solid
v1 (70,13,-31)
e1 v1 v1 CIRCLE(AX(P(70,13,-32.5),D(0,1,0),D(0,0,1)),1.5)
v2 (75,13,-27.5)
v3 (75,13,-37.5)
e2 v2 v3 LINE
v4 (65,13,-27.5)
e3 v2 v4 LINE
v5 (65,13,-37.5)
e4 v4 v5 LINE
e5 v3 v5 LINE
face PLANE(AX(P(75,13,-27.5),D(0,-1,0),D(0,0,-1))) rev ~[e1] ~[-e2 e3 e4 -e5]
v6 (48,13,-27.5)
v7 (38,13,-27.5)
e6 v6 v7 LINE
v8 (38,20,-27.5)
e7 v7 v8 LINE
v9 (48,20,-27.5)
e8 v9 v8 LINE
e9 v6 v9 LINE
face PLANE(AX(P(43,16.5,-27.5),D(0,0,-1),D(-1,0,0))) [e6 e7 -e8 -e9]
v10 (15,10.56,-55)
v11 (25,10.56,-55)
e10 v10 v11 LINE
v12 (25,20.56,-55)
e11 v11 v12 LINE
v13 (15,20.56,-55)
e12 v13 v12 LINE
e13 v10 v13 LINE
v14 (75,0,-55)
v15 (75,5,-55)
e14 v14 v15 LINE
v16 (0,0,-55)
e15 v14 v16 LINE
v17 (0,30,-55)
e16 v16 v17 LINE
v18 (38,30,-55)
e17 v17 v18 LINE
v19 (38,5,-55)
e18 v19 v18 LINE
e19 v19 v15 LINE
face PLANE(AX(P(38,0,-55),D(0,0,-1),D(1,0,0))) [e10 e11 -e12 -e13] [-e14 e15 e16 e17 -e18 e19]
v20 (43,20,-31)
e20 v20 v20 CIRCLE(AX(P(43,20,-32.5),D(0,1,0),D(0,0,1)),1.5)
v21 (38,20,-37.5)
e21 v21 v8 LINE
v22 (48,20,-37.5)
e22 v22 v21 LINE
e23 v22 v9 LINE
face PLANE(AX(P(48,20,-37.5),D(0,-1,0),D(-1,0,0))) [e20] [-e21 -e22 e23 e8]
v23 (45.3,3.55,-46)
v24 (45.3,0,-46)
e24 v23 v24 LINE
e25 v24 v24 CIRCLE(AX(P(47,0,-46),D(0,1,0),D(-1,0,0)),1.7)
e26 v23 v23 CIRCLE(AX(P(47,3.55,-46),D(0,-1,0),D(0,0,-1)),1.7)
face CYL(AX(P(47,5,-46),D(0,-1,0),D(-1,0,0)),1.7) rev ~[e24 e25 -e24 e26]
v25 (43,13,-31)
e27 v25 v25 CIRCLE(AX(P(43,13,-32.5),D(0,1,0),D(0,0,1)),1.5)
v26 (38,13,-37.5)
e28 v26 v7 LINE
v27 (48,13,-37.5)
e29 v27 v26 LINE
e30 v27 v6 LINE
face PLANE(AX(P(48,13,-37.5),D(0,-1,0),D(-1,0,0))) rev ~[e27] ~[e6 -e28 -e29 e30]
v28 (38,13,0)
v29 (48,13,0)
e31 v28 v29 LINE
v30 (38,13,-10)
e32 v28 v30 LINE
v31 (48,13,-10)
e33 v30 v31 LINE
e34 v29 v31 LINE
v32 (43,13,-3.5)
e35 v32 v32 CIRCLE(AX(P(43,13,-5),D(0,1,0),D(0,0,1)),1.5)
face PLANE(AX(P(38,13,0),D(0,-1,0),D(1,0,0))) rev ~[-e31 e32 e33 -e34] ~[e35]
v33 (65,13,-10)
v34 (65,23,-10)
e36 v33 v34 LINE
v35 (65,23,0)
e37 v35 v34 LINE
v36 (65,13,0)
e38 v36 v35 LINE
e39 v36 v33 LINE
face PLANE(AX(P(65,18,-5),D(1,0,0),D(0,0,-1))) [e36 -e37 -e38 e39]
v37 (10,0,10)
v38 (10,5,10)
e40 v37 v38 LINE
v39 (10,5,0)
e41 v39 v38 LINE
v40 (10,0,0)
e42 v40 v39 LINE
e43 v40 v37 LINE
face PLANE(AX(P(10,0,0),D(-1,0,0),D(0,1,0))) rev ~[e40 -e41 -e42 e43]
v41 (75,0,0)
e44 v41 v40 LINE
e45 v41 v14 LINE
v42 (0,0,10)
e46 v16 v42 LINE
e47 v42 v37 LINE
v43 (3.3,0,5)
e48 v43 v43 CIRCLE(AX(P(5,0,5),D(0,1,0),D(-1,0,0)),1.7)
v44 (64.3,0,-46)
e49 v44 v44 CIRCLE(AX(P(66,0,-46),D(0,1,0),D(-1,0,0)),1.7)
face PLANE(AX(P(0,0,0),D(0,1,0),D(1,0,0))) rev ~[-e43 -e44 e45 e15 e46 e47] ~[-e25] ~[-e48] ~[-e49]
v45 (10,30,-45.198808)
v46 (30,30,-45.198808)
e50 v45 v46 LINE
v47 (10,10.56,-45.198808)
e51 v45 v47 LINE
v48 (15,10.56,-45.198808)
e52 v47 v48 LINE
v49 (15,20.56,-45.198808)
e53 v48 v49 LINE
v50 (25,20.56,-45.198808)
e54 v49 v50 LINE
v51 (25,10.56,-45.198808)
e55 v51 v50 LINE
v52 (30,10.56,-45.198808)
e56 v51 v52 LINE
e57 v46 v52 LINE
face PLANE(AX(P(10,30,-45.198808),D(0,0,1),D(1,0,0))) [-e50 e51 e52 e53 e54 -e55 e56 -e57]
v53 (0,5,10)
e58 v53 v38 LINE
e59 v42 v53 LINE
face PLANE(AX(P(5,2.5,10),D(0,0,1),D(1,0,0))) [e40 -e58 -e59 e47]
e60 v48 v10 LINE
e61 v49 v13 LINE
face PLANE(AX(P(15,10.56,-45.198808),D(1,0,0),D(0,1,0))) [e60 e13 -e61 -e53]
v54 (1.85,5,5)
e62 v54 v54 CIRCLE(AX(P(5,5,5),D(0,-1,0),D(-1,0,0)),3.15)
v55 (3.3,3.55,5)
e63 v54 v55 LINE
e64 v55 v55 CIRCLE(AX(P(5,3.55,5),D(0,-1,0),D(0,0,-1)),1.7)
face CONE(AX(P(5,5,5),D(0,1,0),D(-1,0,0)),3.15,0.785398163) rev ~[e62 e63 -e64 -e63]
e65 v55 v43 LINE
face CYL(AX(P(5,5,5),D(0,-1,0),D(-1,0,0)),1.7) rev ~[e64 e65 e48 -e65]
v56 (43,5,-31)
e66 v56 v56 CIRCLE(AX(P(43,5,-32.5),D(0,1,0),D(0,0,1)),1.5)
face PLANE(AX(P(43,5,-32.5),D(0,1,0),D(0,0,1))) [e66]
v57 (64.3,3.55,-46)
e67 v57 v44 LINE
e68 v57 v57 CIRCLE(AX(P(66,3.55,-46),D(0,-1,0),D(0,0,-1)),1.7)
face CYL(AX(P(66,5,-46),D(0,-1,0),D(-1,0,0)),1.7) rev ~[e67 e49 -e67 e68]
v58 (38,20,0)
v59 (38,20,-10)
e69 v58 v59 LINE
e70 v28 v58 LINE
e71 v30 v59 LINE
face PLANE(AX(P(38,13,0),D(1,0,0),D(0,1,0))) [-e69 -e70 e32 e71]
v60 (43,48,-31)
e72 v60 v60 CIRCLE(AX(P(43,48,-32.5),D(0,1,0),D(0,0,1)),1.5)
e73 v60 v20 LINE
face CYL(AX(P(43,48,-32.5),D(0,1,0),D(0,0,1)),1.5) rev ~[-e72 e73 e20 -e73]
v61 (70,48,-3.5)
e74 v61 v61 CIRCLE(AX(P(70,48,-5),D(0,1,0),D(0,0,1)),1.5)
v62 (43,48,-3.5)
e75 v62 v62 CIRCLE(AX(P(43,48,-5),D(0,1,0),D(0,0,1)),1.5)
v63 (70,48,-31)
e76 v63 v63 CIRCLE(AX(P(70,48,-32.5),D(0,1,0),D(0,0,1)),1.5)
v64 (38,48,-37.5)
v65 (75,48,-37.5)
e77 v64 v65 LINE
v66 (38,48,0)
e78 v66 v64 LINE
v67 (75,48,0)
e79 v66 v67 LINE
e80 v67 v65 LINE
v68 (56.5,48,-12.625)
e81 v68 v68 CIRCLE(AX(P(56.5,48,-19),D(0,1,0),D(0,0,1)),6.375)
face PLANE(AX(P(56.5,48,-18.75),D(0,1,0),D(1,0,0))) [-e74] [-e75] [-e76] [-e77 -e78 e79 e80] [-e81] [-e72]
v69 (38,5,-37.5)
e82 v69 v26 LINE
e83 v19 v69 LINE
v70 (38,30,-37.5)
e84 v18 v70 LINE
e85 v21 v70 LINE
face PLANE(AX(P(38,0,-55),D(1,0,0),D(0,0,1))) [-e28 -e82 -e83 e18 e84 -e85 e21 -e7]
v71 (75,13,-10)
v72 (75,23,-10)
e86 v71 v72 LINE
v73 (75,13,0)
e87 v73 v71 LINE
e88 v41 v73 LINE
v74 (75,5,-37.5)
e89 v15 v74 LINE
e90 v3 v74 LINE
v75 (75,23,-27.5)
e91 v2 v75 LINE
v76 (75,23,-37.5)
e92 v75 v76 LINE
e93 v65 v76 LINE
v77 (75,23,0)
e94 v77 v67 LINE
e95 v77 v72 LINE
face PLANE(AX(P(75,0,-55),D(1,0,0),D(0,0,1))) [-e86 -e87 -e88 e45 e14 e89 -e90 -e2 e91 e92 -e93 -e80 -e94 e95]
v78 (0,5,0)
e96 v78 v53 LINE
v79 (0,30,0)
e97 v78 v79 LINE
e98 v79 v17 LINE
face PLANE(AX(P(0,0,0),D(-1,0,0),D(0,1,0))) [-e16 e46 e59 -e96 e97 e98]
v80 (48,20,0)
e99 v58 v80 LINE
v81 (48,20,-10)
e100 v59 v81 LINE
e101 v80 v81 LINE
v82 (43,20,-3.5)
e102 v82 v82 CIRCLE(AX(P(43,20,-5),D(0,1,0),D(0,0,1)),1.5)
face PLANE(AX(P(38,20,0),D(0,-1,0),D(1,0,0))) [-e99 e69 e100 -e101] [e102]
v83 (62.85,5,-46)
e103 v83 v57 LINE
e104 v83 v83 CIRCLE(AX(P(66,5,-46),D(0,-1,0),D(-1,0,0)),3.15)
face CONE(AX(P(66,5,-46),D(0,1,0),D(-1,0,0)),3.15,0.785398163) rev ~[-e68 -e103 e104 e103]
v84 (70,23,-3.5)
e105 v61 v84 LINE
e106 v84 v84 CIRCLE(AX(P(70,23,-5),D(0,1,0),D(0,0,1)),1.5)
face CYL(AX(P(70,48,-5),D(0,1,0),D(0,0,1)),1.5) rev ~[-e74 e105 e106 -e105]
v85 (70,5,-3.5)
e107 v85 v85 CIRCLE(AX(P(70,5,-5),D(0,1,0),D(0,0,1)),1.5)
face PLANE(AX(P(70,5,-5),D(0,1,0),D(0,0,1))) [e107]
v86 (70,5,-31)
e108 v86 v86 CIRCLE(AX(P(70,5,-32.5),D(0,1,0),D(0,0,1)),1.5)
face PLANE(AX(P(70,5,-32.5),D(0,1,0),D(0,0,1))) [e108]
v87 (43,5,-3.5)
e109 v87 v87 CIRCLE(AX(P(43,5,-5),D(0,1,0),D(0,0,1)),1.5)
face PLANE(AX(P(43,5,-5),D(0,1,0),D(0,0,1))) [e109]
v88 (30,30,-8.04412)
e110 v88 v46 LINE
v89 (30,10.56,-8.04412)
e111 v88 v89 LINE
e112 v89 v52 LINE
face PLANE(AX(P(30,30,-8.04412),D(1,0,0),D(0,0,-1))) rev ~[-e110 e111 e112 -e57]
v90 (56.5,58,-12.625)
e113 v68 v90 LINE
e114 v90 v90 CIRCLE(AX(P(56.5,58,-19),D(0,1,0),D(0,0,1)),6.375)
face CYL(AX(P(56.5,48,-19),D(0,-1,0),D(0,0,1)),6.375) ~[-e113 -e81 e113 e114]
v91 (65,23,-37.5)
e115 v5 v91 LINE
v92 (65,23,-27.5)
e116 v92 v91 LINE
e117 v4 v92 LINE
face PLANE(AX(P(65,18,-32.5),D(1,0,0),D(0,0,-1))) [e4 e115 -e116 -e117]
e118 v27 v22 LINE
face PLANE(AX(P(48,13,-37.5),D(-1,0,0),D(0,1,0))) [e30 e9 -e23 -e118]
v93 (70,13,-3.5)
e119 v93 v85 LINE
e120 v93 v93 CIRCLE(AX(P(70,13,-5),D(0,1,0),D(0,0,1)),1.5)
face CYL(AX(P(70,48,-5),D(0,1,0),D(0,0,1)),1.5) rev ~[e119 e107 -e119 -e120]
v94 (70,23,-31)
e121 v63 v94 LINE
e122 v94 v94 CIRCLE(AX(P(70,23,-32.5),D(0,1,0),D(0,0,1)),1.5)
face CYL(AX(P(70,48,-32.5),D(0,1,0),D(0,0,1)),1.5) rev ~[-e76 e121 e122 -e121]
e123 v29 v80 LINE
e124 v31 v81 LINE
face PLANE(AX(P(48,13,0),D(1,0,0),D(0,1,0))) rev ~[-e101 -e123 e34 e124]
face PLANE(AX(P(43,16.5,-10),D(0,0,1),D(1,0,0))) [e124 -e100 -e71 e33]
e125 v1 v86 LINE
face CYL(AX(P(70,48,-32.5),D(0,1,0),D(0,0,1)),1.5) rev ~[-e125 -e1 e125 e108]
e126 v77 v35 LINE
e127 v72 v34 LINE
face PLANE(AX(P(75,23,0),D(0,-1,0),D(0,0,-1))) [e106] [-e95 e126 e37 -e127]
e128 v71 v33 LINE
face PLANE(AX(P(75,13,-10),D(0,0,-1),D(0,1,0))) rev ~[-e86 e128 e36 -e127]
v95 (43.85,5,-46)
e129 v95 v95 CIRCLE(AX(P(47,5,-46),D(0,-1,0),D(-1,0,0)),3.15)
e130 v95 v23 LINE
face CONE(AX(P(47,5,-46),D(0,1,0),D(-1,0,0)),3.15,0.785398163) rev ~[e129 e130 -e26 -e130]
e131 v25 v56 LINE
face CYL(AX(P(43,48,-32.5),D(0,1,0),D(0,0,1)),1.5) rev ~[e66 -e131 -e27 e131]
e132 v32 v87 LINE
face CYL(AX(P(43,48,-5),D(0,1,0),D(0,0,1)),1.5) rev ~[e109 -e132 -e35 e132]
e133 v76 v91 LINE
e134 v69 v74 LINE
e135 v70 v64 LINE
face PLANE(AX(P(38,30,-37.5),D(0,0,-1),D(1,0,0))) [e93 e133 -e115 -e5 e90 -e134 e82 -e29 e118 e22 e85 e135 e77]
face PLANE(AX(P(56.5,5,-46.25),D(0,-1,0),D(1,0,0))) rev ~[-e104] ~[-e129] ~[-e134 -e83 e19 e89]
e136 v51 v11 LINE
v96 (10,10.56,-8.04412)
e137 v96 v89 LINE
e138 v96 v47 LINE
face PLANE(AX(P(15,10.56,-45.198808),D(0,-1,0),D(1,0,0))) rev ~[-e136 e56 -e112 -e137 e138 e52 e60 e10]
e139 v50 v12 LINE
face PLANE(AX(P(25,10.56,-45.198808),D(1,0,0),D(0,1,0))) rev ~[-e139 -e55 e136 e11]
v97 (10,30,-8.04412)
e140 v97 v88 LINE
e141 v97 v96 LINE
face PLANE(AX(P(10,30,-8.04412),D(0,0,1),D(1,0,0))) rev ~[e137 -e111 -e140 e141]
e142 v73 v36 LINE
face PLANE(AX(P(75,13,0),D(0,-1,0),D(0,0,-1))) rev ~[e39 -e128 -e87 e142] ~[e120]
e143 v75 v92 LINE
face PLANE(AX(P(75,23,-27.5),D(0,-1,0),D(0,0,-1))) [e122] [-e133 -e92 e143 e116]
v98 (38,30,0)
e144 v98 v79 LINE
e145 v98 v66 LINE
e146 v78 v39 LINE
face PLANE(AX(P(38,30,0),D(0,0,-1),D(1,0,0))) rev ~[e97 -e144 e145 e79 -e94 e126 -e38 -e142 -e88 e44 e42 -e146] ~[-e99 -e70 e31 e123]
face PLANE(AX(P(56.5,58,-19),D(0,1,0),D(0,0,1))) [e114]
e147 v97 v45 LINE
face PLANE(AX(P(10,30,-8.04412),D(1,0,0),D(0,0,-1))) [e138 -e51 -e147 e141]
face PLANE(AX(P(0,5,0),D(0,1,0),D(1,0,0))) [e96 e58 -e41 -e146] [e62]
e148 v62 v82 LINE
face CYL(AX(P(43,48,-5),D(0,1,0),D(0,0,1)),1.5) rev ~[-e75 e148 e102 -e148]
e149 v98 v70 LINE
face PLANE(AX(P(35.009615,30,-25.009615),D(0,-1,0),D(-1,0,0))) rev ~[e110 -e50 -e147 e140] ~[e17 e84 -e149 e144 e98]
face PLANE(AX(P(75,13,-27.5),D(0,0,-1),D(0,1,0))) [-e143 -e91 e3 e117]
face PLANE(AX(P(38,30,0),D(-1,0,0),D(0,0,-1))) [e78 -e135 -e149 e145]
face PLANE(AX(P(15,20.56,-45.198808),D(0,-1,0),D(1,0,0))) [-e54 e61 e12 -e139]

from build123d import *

# Parameters (mm, degrees)
BOSS_EXTRU_1_DEPTH                                = 30
ESQUISSE6_W                                       = 37
ESQUISSE6_H                                       = 37.5
BOSS_EXTRU_4_DEPTH                                = 18
ESQUISSE7_R                                       = 6.375
BOSS_EXTRU_5_DEPTH                                = 10
ESQUISSE8_R                                       = 1.5
ENL_V_MAT_EXTRU_1_DEPTH                           = 43
ESQUISSE9_W                                       = 10
ESQUISSE9_H                                       = 10
ENL_V_MAT_EXTRU_2_DEPTH                           = 10
ESQUISSE10_W                                      = 10
ESQUISSE10_H                                      = 7
ENL_V_MAT_EXTRU_5_DEPTH                           = 10
ESQUISSE11_W                                      = 10
ESQUISSE11_H                                      = 7
ENL_V_MAT_EXTRU_6_DEPTH                           = 10
ESQUISSE12_W                                      = 20
ESQUISSE12_H                                      = 37.154688963
ENL_V_MAT_EXTRU_7_DEPTH                           = 19.44
ESQUISSE13_W                                      = 10
ESQUISSE13_H                                      = 10
ENL_V_MAT_EXTRU_8_DEPTH                           = 9.801191536
ESQUISSE14_W                                      = 37
ESQUISSE14_H                                      = 17.5
BOSS_EXTRU_6_DEPTH                                = 5
ESQUISSE20_W                                      = 10
ESQUISSE20_H                                      = 5
BOSS_EXTRU_8_DEPTH                                = 10
FRAISAGE_POUR_VIS_T_TE_FRAIS_E_BOMB_E_D           = 3.4
FRAISAGE_POUR_VIS_T_TE_FRAIS_E_BOMB_E_DEPTH       = 5
FRAISAGE_POUR_VIS_T_TE_FRAIS_E_BOMB_E_CSINK_D     = 6.3
FRAISAGE_POUR_VIS_T_TE_FRAIS_E_BOMB_E_CSINK_ANGLE = 90
FRAISAGE_POUR_VIS_T_TE_FRAIS_E_BOMB_E_TIP         = 1.021463052


with BuildPart() as part:
    # Esquisse3 → Boss.-Extru.1 (new body)
    with BuildSketch(Plane(origin=(0, 0, 0), x_dir=(1, 0, 0), z_dir=(0, 1, 0))):
        Polygon((0, 0), (0, 55), (38, 55), (38, 37.5), (75, 37.5), (75, 0), align=None)
    extrude(amount=BOSS_EXTRU_1_DEPTH)

    # Esquisse6 → Boss.-Extru.4 (add)
    with BuildSketch(Plane(origin=(0, 30, 0), x_dir=(1, 0, 0), z_dir=(0, 1, 0))):
        with Locations((56.5, 18.75)):
            Rectangle(ESQUISSE6_W, ESQUISSE6_H)
    extrude(amount=BOSS_EXTRU_4_DEPTH)

    # Esquisse7 → Boss.-Extru.5 (add)
    with BuildSketch(Plane(origin=(0, 48, 0), x_dir=(1, 0, 0), z_dir=(0, 1, 0))):
        with Locations(Location((56.5, 19, 0), (0, 0, 270))):
            Circle(ESQUISSE7_R)
    extrude(amount=BOSS_EXTRU_5_DEPTH)

    # Esquisse8 → Enlèv. mat.-Extru.1 (cut)
    with BuildSketch(Plane(origin=(0, 48, 0), x_dir=(1, 0, 0), z_dir=(0, 1, 0))):
        with Locations(Location((43, 32.5, 0), (0, 0, 270))):
            Circle(ESQUISSE8_R)
        with Locations(Location((70, 32.5, 0), (0, 0, 270))):
            Circle(ESQUISSE8_R)
        with Locations(Location((70, 5, 0), (0, 0, 270))):
            Circle(ESQUISSE8_R)
        with Locations(Location((43, 5, 0), (0, 0, 270))):
            Circle(ESQUISSE8_R)
    extrude(amount=-ENL_V_MAT_EXTRU_1_DEPTH, mode=Mode.SUBTRACT)

    # Esquisse9 → Enlèv. mat.-Extru.2 (cut)
    with BuildSketch(Plane(origin=(75, 0, 0), x_dir=(0, 0, -1), z_dir=(1, 0, 0))):
        with Locations((5, 18)):
            Rectangle(ESQUISSE9_W, ESQUISSE9_H)
        with Locations((32.5, 18)):
            Rectangle(ESQUISSE9_W, ESQUISSE9_H)
    extrude(amount=-ENL_V_MAT_EXTRU_2_DEPTH, mode=Mode.SUBTRACT)

    # Esquisse10 → Enlèv. mat.-Extru.5 (cut)
    with BuildSketch(Plane(origin=(0, 0, -37.5), x_dir=(-1, 0, 0), z_dir=(0, 0, -1))):
        with Locations((-43, 16.5)):
            Rectangle(ESQUISSE10_W, ESQUISSE10_H)
    extrude(amount=-ENL_V_MAT_EXTRU_5_DEPTH, mode=Mode.SUBTRACT)

    # Esquisse11 → Enlèv. mat.-Extru.6 (cut)
    with BuildSketch(Plane.XY):
        with Locations((43, 16.5)):
            Rectangle(ESQUISSE11_W, ESQUISSE11_H)
    extrude(amount=-ENL_V_MAT_EXTRU_6_DEPTH, mode=Mode.SUBTRACT)

    # Esquisse12 → Enlèv. mat.-Extru.7 (cut)
    with BuildSketch(Plane(origin=(0, 30, 0), x_dir=(1, 0, 0), z_dir=(0, 1, 0))):
        with Locations((20, 26.621463983)):
            Rectangle(ESQUISSE12_W, ESQUISSE12_H)
    extrude(amount=-ENL_V_MAT_EXTRU_7_DEPTH, mode=Mode.SUBTRACT)

    # Esquisse13 → Enlèv. mat.-Extru.8 (cut)
    with BuildSketch(Plane.XY.offset(-45.198808464)):
        with Locations((20, 15.56)):
            Rectangle(ESQUISSE13_W, ESQUISSE13_H)
    extrude(amount=-ENL_V_MAT_EXTRU_8_DEPTH, mode=Mode.SUBTRACT)

    # Esquisse14 → Boss.-Extru.6 (add)
    with BuildSketch(Plane.XZ):
        with Locations((56.5, -46.25)):
            Rectangle(ESQUISSE14_W, ESQUISSE14_H)
    extrude(amount=-BOSS_EXTRU_6_DEPTH)

    # Esquisse20 → Boss.-Extru.8 (add)
    with BuildSketch(Plane.XY):
        with Locations((5, 2.5)):
            Rectangle(ESQUISSE20_W, ESQUISSE20_H)
    extrude(amount=BOSS_EXTRU_8_DEPTH)

    # Fraisage pour vis à tête fraisée bombée M32
    with Locations(Plane(origin=(0, 5, 0), x_dir=(1, 0, 0), z_dir=(0, 1, 0))):
        with Locations((5, -5), (47, 46), (66, 46)):
            CounterSinkHole(FRAISAGE_POUR_VIS_T_TE_FRAIS_E_BOMB_E_D / 2, FRAISAGE_POUR_VIS_T_TE_FRAIS_E_BOMB_E_CSINK_D / 2, depth=FRAISAGE_POUR_VIS_T_TE_FRAIS_E_BOMB_E_DEPTH, counter_sink_angle=FRAISAGE_POUR_VIS_T_TE_FRAIS_E_BOMB_E_CSINK_ANGLE)
            with Locations((0, 0, -(FRAISAGE_POUR_VIS_T_TE_FRAIS_E_BOMB_E_DEPTH + FRAISAGE_POUR_VIS_T_TE_FRAIS_E_BOMB_E_TIP / 2))):  # 118° drill point
                Cone(0, FRAISAGE_POUR_VIS_T_TE_FRAIS_E_BOMB_E_D / 2, FRAISAGE_POUR_VIS_T_TE_FRAIS_E_BOMB_E_TIP, mode=Mode.SUBTRACT)


solid = part.part
